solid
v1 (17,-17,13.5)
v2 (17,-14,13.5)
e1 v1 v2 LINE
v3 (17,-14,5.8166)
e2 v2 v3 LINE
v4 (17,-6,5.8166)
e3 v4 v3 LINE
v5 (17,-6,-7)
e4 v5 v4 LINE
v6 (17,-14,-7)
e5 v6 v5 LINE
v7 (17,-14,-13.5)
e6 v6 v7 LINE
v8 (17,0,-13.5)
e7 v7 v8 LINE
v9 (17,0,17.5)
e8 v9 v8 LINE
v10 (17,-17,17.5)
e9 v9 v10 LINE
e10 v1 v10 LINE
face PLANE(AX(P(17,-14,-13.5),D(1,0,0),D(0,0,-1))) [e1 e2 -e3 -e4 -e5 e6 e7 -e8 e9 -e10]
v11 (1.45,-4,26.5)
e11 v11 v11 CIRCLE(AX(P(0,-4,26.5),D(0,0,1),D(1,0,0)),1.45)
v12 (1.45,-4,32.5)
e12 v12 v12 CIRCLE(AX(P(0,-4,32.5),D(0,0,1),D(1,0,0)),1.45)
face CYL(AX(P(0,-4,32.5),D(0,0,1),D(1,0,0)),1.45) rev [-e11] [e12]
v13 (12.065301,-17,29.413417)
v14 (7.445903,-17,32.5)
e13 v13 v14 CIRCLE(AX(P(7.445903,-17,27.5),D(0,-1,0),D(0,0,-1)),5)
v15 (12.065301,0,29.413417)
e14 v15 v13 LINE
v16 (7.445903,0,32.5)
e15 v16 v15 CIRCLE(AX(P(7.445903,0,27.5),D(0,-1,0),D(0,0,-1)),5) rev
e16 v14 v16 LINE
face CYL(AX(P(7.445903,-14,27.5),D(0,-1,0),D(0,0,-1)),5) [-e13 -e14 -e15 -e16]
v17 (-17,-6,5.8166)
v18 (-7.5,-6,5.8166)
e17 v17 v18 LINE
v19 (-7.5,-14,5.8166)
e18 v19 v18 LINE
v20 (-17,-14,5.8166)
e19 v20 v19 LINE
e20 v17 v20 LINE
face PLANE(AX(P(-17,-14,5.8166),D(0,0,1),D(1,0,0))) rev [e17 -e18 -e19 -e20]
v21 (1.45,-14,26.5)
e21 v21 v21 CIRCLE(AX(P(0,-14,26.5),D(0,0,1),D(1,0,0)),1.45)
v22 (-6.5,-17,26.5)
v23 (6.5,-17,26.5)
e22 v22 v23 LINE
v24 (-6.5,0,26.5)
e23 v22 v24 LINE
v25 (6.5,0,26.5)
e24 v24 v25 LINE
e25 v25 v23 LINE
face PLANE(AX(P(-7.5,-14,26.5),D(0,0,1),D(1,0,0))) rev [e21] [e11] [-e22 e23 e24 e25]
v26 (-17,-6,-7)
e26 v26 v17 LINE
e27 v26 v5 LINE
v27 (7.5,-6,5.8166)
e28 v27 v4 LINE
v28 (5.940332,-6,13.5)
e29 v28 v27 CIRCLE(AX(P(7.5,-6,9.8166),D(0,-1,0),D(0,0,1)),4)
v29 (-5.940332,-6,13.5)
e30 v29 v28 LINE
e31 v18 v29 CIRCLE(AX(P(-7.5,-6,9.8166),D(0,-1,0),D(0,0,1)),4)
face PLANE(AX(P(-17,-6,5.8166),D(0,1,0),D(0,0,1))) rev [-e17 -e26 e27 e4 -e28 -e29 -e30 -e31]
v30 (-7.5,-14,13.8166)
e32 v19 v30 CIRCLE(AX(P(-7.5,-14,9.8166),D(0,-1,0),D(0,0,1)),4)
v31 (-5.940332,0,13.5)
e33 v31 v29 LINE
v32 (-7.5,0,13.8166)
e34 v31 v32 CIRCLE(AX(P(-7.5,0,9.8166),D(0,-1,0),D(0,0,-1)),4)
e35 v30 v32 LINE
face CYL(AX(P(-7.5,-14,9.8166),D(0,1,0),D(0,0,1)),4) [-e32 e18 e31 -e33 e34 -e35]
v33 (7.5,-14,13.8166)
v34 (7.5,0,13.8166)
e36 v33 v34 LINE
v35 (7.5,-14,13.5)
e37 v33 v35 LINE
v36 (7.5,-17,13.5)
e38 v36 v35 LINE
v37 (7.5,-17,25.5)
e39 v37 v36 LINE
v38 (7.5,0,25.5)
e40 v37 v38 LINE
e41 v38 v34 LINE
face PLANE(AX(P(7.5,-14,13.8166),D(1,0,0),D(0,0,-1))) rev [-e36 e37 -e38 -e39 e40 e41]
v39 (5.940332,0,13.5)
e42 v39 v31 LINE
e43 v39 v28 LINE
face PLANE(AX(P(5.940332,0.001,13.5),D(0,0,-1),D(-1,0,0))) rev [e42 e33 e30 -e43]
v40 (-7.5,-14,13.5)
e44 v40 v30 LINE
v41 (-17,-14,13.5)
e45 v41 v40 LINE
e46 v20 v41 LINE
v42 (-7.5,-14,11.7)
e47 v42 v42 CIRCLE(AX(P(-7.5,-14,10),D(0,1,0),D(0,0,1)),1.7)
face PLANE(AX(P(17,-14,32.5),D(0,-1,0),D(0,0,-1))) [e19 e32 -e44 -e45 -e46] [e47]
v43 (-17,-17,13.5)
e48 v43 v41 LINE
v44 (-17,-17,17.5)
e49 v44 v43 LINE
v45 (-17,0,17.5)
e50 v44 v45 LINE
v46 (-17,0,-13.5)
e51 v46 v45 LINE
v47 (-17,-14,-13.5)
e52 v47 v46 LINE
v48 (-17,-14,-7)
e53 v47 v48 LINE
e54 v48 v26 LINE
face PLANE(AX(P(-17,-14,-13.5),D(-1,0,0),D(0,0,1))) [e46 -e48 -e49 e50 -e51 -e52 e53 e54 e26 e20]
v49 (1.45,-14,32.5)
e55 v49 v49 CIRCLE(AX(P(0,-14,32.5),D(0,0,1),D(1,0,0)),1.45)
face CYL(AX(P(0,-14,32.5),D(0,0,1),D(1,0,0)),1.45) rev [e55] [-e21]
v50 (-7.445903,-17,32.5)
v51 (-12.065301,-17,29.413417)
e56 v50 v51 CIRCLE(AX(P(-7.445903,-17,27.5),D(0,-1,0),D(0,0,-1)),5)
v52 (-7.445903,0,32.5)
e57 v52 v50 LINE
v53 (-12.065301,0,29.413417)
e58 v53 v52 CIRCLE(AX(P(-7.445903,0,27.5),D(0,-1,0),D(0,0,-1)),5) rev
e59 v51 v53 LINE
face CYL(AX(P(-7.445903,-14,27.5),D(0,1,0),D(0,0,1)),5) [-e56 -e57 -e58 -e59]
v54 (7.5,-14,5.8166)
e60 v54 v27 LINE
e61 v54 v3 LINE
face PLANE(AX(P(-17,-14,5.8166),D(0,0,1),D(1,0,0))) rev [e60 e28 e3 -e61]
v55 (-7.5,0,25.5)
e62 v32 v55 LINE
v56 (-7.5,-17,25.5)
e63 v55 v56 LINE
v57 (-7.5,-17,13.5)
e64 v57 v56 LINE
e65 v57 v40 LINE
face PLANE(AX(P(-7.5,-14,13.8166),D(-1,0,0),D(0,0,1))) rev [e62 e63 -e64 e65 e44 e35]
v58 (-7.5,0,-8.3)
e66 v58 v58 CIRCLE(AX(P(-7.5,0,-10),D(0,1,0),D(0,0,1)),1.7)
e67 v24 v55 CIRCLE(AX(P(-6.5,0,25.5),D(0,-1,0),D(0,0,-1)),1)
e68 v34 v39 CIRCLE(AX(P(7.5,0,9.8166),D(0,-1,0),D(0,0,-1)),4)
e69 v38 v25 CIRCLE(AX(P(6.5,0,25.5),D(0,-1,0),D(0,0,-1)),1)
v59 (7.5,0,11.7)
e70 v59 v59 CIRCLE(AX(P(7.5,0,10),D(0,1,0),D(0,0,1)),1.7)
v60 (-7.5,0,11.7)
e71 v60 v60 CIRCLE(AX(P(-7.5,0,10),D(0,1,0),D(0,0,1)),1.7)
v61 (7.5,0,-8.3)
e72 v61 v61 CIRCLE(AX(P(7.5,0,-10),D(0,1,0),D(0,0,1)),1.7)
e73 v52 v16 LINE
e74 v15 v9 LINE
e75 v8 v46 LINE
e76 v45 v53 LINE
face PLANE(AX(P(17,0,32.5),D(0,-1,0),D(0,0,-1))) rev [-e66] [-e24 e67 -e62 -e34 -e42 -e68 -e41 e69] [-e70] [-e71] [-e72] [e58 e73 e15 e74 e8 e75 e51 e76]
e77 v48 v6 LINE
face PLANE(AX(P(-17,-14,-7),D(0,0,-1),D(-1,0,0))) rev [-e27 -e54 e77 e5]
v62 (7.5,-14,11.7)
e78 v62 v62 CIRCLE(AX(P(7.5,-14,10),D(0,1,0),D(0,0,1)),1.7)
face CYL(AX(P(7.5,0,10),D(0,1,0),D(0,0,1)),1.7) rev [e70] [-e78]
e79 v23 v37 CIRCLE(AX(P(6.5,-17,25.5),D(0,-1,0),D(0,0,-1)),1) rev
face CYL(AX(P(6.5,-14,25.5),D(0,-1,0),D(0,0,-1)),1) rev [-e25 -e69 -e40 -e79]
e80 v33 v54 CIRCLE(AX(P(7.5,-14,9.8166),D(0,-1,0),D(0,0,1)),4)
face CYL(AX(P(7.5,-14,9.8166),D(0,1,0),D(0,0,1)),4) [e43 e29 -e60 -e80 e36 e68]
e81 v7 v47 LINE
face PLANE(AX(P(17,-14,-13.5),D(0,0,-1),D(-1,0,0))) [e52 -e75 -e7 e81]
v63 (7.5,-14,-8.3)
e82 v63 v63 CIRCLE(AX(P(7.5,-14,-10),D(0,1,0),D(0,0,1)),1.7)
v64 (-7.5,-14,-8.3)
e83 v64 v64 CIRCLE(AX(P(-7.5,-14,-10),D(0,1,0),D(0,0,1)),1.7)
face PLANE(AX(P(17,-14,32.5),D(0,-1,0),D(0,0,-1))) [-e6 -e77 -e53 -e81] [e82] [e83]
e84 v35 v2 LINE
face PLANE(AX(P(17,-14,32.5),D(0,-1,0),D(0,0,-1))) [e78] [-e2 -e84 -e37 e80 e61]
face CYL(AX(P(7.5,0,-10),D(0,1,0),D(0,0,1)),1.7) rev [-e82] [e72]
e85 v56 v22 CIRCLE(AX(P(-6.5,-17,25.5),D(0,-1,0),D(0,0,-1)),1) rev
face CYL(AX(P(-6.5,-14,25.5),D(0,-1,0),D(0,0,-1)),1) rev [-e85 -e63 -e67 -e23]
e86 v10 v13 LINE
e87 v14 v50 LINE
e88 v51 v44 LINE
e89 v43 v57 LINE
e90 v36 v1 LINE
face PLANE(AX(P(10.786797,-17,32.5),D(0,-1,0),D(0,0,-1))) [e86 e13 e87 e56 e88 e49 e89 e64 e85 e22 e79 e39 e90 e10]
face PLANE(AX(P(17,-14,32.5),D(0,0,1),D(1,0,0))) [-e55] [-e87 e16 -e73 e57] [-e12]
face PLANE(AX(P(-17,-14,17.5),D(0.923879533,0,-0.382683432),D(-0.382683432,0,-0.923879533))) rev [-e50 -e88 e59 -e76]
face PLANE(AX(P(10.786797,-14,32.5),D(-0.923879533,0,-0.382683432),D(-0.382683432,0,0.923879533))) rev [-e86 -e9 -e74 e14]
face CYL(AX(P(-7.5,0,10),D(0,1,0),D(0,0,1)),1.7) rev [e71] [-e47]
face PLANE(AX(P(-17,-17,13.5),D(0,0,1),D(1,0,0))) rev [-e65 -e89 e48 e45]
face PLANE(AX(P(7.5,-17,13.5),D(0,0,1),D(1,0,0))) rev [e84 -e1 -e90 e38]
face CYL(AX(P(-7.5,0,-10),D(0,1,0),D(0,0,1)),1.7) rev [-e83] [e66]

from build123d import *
from OCP.BRepFilletAPI import BRepFilletAPI_MakeChamfer
from build123d.topology import SkipClean

# Parameters (mm, degrees)
SKETCH3_W                  = 34
SKETCH3_H                  = 46
BOSS_EXTRUDE1_DEPTH        = 14
M3_CLEARANCE_HOLE1_D       = 3.4
CUT_EXTRUDE1_DEPTH         = 40.258756985
CUT_EXTRUDE1_DEPTH_BACK    = 40.258756985
SKETCH6_W                  = 12.8166
SKETCH6_H                  = 8
CUT_EXTRUDE2_DEPTH         = 38.539978689
CHAMFER1_SIZE              = 15
CHAMFER1_SIZE2             = 6.213203436
CUT_EXTRUDE3_REACH         = 39.54
BOSS_EXTRUDE2_DEPTH        = 3
FILLET1_R                  = 1
M2_5_CLEARANCE_HOLE1_D     = 2.9
M2_5_CLEARANCE_HOLE1_DEPTH = 6
FILLET2_R                  = 5


with BuildPart() as part:
    # Sketch3 → Boss-Extrude1 (new body)
    with BuildSketch(Plane(origin=(0, 0, 0), x_dir=(1, 0, 0), z_dir=(0, 1, 0))):
        with Locations((0, -9.5)):
            Rectangle(SKETCH3_W, SKETCH3_H)
    extrude(amount=-BOSS_EXTRUDE1_DEPTH)

    # M3 Clearance Hole1 (through all)
    with Locations(Plane(origin=(0, 0, 0), x_dir=(-1, 0, 0), z_dir=(0, 1, 0))):
        with Locations((7.5, 10), (7.5, -10), (-7.5, -10), (-7.5, 10)):
            Hole(M3_CLEARANCE_HOLE1_D / 2)

    # Sketch6 → Cut-Extrude1 (cut, two sides: drawn at the far end of the back side and taken through both)
    with BuildSketch(Plane(origin=(0, 0, 0), x_dir=(0, 0, -1), z_dir=(1, 0, 0)).offset(-CUT_EXTRUDE1_DEPTH_BACK)):
        with Locations((0.5917, -10)):
            Rectangle(SKETCH6_W, SKETCH6_H)
    extrude(amount=CUT_EXTRUDE1_DEPTH + CUT_EXTRUDE1_DEPTH_BACK, mode=Mode.SUBTRACT)

    # Sketch7 → Cut-Extrude2 (cut, through all)
    with BuildSketch(Plane(origin=(0, -6, 0), x_dir=(1, 0, 0), z_dir=(0, 1, 0))):
        with BuildLine():
            Line((-7.5, -26.5), (7.5, -26.5))
            Line((7.5, -26.5), (7.5, -13.8166))
            ThreePointArc((7.5, -13.8166), (3.5, -9.8166), (7.5, -5.8166))
            Line((7.5, -5.8166), (-7.5, -5.8166))
            ThreePointArc((-7.5, -5.8166), (-3.5, -9.8166), (-7.5, -13.8166))
            Line((-7.5, -13.8166), (-7.5, -26.5))
        make_face()
    extrude(amount=-CUT_EXTRUDE2_DEPTH, mode=Mode.SUBTRACT)

    # Chamfer1: one chamfer whose edges measure the first distance from different faces: ONE call of the kernel's chamfer builder (chamfer() names one face for all edges)
    chamfer1_edges_1 = [part.edges().sort_by_distance(p)[0] for p in [
        (17, -7, 32.5),
    ]]
    chamfer1_side_1 = [part.faces().sort_by_distance(p)[0] for p in [
        (17, -6.431916836, 11.410974954),
    ]]
    chamfer1_edges_2 = [part.edges().sort_by_distance(p)[0] for p in [
        (-17, -7, 32.5),
    ]]
    chamfer1_side_2 = [part.faces().sort_by_distance(p)[0] for p in [
        (-17, -6.431916836, 11.410974954),
    ]]
    chamfer1 = BRepFilletAPI_MakeChamfer(part.part.solid().wrapped)
    for e in chamfer1_edges_1:
        chamfer1.Add(CHAMFER1_SIZE, CHAMFER1_SIZE2, e.wrapped, chamfer1_side_1[0].wrapped)  # the first distance lies on this face
    for e in chamfer1_edges_2:
        chamfer1.Add(CHAMFER1_SIZE, CHAMFER1_SIZE2, e.wrapped, chamfer1_side_2[0].wrapped)  # the first distance lies on this face
    add(Compound.cast(chamfer1.Shape()), mode=Mode.REPLACE)

    # Sketch12 → Cut-Extrude3 (cut, up to next)
    with BuildSketch(Plane.XZ.offset(6), mode=Mode.PRIVATE) as cut_extrude3_sk1:
        with BuildLine():
            Line((5.940331946, 13.5), (-5.940331946, 13.5))
            ThreePointArc((-5.940331946, 13.5), (-6.704261349, 13.73665102), (-7.5, 13.8166))
            Line((-7.5, 13.8166), (-7.5, 26.5))
            Line((-7.5, 26.5), (7.5, 26.5))
            Line((7.5, 26.5), (7.5, 13.8166))
            ThreePointArc((7.5, 13.8166), (6.704261349, 13.73665102), (5.940331946, 13.5))
        make_face()
    cut_extrude3_tool1 = extrude(cut_extrude3_sk1.sketch, amount=-CUT_EXTRUDE3_REACH, mode=Mode.PRIVATE) & part.part
    add(cut_extrude3_tool1.solids().sort_by_distance((0, -6, 20.021768))[0], mode=Mode.SUBTRACT)

    # Sketch14 → Boss-Extrude2 (add)
    with SkipClean():  # the faces are left unmerged after this step: merging them gives an invalid solid
        with BuildSketch(Plane.XZ.offset(14)):
            Polygon((-17, 13.5), (-7.5, 13.5), (-7.5, 26.5), (7.5, 26.5), (7.5, 13.5), (17, 13.5), (17, 17.5), (10.786796564, 32.5), (-10.786796564, 32.5), (-17, 17.5), align=None)
        extrude(amount=BOSS_EXTRUDE2_DEPTH)

    # Fillet1
    fillet1_edges = [part.edges().sort_by_distance(p)[0] for p in [
        (-7.5, -10, 26.5),
        (7.5, -10, 26.5),
    ]]
    fillet(fillet1_edges, radius=FILLET1_R)

    # M2.5 Clearance Hole1
    with Locations(Plane.XY.offset(32.5)):
        with Locations((0, -4), (0, -14)):
            Hole(M2_5_CLEARANCE_HOLE1_D / 2, depth=M2_5_CLEARANCE_HOLE1_DEPTH)

    # Fillet2
    fillet2_edges = [part.edges().sort_by_distance(p)[0] for p in [
        (10.786796564, -7, 32.5),
        (-10.786796564, -7, 32.5),
    ]]
    fillet(fillet2_edges, radius=FILLET2_R)


solid = part.part
